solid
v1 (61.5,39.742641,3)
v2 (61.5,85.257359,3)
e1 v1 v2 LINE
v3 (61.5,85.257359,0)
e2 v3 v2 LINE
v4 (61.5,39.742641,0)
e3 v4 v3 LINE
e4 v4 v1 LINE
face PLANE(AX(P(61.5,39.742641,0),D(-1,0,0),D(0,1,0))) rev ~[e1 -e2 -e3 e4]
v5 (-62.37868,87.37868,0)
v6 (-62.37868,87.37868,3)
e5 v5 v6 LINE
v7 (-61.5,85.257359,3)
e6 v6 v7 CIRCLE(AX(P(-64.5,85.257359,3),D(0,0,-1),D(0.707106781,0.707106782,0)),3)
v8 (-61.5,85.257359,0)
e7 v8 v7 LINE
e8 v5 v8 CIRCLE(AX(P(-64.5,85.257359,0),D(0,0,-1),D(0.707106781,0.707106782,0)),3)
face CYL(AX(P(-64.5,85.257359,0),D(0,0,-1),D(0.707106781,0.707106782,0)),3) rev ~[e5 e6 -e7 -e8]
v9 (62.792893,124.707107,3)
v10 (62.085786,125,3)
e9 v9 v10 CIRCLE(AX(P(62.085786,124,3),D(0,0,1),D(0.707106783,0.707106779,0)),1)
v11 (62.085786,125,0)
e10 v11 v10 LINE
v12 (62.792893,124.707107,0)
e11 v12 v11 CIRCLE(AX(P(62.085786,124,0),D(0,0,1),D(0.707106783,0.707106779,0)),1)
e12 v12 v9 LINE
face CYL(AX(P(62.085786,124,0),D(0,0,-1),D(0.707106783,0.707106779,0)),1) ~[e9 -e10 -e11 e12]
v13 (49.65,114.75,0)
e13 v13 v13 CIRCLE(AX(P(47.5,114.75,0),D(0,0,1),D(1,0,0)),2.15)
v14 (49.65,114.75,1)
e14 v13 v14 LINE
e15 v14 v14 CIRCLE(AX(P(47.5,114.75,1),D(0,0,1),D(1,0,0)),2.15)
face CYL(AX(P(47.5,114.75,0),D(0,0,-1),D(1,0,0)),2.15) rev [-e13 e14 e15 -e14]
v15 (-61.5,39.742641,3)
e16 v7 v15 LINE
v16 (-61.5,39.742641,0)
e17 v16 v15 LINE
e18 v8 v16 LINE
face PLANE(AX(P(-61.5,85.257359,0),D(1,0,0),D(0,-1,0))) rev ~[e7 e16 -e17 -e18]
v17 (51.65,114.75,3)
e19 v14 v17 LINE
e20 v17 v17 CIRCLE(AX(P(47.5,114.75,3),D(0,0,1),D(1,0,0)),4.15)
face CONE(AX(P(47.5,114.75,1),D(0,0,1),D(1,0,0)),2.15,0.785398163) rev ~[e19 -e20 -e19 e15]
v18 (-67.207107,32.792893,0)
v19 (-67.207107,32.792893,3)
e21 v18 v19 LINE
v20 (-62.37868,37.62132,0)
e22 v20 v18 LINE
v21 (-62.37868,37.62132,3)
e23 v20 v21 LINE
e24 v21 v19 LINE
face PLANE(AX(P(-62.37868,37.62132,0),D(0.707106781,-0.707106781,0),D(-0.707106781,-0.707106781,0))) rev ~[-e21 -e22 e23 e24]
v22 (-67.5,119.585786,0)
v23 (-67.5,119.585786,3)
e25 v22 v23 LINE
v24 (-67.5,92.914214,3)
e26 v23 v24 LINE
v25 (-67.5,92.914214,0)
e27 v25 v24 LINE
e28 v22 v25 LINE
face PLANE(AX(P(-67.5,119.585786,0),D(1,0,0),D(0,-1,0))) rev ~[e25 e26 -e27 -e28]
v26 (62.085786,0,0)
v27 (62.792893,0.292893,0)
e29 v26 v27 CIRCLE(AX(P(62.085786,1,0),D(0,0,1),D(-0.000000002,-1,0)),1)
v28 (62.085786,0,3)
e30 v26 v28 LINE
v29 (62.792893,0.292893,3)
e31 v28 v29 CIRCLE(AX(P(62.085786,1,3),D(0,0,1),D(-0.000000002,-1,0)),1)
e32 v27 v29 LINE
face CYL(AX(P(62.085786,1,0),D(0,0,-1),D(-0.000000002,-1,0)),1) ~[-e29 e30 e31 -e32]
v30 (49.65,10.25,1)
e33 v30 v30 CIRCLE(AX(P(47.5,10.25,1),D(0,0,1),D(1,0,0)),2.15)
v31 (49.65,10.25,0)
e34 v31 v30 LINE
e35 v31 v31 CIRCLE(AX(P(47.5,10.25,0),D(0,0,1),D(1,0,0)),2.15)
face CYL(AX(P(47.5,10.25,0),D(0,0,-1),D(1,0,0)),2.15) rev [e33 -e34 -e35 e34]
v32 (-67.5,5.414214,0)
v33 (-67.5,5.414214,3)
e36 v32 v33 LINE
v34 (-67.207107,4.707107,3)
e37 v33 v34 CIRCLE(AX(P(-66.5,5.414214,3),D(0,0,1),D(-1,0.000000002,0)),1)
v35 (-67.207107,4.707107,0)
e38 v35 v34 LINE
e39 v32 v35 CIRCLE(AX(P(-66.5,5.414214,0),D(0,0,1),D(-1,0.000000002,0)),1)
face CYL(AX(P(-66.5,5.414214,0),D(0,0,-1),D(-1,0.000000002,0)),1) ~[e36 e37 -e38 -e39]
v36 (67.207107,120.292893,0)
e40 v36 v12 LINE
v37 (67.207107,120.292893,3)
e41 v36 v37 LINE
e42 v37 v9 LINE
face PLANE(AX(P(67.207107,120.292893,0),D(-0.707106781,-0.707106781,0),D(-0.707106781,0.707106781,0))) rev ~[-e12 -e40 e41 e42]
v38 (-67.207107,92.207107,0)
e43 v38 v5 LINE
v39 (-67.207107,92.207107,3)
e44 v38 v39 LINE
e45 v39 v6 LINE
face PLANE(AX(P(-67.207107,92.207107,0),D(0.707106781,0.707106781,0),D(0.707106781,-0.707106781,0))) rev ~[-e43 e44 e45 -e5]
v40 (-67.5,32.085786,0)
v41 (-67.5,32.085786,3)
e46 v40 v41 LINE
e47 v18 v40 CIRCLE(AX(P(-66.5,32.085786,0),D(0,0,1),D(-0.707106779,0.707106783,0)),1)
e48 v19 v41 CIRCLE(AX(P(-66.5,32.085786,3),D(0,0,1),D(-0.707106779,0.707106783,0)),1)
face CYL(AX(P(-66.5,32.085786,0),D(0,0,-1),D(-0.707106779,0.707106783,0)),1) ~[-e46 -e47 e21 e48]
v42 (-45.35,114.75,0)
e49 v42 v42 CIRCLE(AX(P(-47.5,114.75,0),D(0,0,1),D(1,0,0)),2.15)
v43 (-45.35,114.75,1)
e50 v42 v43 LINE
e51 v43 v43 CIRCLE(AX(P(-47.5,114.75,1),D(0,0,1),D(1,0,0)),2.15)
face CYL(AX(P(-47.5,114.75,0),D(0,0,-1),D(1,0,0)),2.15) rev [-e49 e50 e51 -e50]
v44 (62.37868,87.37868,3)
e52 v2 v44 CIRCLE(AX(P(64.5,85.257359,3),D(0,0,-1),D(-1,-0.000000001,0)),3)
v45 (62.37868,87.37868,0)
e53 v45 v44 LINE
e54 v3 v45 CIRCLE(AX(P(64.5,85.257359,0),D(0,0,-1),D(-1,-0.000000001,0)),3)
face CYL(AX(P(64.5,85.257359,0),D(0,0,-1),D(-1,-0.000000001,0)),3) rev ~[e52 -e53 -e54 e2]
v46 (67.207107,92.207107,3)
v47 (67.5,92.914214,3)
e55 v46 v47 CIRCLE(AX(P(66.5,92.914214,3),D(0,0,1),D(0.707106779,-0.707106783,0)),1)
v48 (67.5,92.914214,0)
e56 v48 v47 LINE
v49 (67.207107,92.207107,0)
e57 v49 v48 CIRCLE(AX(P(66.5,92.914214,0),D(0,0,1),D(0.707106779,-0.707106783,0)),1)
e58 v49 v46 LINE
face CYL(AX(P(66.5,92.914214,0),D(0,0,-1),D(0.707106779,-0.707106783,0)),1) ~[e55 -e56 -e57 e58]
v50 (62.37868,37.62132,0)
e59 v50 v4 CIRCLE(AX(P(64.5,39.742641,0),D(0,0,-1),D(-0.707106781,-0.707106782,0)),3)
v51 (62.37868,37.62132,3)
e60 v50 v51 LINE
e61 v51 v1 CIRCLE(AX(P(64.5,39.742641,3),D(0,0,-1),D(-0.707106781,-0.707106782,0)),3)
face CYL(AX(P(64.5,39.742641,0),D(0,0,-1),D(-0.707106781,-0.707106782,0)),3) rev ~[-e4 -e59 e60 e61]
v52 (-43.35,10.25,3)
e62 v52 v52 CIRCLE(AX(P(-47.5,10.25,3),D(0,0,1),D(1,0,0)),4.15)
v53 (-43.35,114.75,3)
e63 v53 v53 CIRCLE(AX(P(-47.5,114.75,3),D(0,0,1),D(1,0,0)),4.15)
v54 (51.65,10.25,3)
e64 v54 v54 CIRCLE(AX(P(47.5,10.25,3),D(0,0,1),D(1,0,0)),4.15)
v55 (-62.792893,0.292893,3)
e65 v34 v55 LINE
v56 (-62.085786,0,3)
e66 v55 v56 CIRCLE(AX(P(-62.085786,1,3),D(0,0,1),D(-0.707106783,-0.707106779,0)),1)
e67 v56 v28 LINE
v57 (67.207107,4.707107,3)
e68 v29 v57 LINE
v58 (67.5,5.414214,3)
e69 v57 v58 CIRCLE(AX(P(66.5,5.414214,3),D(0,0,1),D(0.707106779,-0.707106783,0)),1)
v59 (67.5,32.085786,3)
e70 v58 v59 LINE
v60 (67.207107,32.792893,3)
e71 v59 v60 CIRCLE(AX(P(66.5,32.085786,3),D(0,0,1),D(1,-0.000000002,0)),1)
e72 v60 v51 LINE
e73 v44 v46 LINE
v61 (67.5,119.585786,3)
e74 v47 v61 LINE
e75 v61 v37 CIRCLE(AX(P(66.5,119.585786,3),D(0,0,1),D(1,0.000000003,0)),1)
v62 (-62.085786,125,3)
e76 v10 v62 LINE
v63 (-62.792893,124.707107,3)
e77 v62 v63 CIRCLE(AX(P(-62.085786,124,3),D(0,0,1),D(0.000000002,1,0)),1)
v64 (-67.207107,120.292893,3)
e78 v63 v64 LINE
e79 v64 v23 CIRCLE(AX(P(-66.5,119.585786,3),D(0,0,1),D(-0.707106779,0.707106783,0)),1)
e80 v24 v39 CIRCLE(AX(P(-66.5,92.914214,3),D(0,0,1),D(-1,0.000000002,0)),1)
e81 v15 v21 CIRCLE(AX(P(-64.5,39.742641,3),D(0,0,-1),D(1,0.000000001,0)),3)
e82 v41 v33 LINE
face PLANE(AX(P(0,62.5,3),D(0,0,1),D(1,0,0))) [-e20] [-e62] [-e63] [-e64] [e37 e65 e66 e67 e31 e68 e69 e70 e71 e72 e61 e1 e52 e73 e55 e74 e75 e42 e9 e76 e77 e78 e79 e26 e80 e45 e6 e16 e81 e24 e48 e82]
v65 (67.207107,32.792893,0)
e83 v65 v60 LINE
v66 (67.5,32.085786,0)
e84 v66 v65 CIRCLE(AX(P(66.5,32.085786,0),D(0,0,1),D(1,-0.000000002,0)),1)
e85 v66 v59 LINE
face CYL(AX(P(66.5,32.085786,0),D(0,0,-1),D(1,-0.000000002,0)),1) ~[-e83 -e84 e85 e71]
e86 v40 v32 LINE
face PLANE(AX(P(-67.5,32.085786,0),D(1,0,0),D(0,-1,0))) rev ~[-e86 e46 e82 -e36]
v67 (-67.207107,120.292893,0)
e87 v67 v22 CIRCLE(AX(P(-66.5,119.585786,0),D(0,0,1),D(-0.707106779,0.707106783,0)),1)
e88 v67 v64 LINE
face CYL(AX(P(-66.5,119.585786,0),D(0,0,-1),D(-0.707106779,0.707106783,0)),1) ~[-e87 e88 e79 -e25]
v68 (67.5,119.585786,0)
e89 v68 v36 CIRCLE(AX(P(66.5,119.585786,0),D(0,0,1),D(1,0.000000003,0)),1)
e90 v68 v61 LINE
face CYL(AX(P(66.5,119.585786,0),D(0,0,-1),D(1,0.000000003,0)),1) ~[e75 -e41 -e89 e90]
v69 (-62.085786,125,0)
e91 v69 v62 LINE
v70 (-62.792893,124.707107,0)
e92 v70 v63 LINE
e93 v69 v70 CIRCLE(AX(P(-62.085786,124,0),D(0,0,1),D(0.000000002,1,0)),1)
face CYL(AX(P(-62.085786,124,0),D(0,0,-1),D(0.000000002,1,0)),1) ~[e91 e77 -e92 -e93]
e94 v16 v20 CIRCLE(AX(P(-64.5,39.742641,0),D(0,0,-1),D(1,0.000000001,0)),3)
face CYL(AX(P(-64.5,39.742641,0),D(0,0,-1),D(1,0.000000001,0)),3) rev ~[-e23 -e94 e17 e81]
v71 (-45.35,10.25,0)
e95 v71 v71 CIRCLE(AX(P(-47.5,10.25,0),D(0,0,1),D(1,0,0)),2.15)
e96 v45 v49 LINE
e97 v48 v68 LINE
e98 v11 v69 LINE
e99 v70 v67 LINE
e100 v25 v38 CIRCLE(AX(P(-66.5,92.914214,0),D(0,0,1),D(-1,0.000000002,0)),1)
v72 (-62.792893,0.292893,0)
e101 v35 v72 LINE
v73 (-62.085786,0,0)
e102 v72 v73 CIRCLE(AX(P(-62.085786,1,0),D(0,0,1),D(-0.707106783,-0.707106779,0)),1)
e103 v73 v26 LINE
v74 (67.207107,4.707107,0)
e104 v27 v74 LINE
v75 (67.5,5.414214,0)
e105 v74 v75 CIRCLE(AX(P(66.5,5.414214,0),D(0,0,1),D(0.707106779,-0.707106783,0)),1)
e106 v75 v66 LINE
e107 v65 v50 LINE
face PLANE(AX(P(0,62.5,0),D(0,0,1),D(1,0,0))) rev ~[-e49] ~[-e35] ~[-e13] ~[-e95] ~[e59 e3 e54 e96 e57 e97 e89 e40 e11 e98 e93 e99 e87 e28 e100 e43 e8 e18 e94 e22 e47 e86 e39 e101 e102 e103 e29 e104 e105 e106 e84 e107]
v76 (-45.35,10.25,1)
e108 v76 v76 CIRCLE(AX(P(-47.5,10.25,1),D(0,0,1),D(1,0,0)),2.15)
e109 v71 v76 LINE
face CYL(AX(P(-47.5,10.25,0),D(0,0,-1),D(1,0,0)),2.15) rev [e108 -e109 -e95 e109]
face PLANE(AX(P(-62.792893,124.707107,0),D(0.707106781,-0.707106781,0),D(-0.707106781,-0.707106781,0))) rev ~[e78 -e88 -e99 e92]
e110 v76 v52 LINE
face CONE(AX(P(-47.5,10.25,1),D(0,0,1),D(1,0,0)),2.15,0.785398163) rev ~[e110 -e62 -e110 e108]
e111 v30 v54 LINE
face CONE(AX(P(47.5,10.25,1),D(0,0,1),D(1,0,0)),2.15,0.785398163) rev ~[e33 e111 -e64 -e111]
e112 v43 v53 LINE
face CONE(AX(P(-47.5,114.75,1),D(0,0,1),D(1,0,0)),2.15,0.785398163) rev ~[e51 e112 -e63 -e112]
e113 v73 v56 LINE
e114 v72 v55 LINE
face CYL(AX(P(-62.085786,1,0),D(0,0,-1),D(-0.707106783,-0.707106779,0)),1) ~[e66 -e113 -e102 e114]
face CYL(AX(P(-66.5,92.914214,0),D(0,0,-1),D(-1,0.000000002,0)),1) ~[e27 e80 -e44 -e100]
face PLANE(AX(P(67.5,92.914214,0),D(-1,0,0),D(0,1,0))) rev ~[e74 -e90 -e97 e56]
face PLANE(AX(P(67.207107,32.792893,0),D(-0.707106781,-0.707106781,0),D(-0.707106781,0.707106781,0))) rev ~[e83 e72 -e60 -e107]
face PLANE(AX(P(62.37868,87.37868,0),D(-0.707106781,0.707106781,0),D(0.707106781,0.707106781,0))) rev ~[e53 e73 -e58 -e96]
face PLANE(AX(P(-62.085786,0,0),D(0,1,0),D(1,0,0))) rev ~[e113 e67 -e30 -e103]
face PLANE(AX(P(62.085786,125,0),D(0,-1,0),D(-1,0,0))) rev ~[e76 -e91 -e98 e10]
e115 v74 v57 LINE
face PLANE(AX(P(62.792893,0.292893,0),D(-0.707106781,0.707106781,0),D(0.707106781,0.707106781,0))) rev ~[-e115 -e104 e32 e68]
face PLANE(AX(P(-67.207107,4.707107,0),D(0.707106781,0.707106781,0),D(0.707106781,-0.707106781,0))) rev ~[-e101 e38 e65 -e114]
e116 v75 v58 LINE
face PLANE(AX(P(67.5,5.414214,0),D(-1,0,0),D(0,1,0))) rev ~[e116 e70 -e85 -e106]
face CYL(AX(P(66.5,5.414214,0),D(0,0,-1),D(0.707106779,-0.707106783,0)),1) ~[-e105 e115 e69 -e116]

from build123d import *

# Parameters (mm, degrees)
SKETCH_1_R      = 2.15
EXTRUDE_1_DEPTH = 3
CHAMFER_1_SIZE  = 2


with BuildPart() as part:
    # 草图1 → 凸台-拉伸1 (new body)
    with BuildSketch(Plane.XY):
        with BuildLine():
            Line((-61.5, 85.257359313), (-61.5, 39.742640687))
            ThreePointArc((-61.5, 39.742640687), (-61.728361402, 38.59459039), (-62.378679656, 37.621320344))
            Line((-62.378679656, 37.621320344), (-67.207106781, 32.792893219))
            ThreePointArc((-67.207106781, 32.792893219), (-67.423879533, 32.46846987), (-67.5, 32.085786438))
            Line((-67.5, 32.085786438), (-67.5, 5.414213562))
            ThreePointArc((-67.5, 5.414213562), (-67.423879533, 5.03153013), (-67.207106781, 4.707106781))
            Line((-67.207106781, 4.707106781), (-62.792893219, 0.292893219))
            ThreePointArc((-62.792893219, 0.292893219), (-62.46846987, 0.076120467), (-62.085786438, 0))
            Line((-62.085786438, 0), (62.085786438, 0))
            ThreePointArc((62.085786438, 0), (62.46846987, 0.076120467), (62.792893219, 0.292893219))
            Line((62.792893219, 0.292893219), (67.207106781, 4.707106781))
            ThreePointArc((67.207106781, 4.707106781), (67.423879533, 5.03153013), (67.5, 5.414213562))
            Line((67.5, 5.414213562), (67.5, 32.085786438))
            ThreePointArc((67.5, 32.085786438), (67.423879533, 32.46846987), (67.207106781, 32.792893219))
            Line((67.207106781, 32.792893219), (62.378679656, 37.621320344))
            ThreePointArc((62.378679656, 37.621320344), (61.728361402, 38.59459039), (61.5, 39.742640687))
            Line((61.5, 39.742640687), (61.5, 85.257359313))
            ThreePointArc((61.5, 85.257359313), (61.728361402, 86.40540961), (62.378679656, 87.378679656))
            Line((62.378679656, 87.378679656), (67.207106781, 92.207106781))
            ThreePointArc((67.207106781, 92.207106781), (67.423879533, 92.53153013), (67.5, 92.914213562))
            Line((67.5, 92.914213562), (67.5, 119.585786438))
            ThreePointArc((67.5, 119.585786438), (67.423879532, 119.96846987), (67.207106781, 120.292893219))
            Line((67.207106781, 120.292893219), (62.792893219, 124.707106781))
            ThreePointArc((62.792893219, 124.707106781), (62.46846987, 124.923879533), (62.085786438, 125))
            Line((62.085786438, 125), (-62.085786438, 125))
            ThreePointArc((-62.085786438, 125), (-62.46846987, 124.923879533), (-62.792893219, 124.707106781))
            Line((-62.792893219, 124.707106781), (-67.207106781, 120.292893219))
            ThreePointArc((-67.207106781, 120.292893219), (-67.423879533, 119.96846987), (-67.5, 119.585786438))
            Line((-67.5, 119.585786438), (-67.5, 92.914213562))
            ThreePointArc((-67.5, 92.914213562), (-67.423879533, 92.53153013), (-67.207106781, 92.207106781))
            Line((-67.207106781, 92.207106781), (-62.378679656, 87.378679656))
            ThreePointArc((-62.378679656, 87.378679656), (-61.728361402, 86.40540961), (-61.5, 85.257359313))
        make_face()
        with Locations((47.5, 10.25)):
            Circle(SKETCH_1_R, mode=Mode.SUBTRACT)
        with Locations((-47.5, 10.25)):
            Circle(SKETCH_1_R, mode=Mode.SUBTRACT)
        with Locations((-47.5, 114.75)):
            Circle(SKETCH_1_R, mode=Mode.SUBTRACT)
        with Locations((47.5, 114.75)):
            Circle(SKETCH_1_R, mode=Mode.SUBTRACT)
    extrude(amount=EXTRUDE_1_DEPTH)

    # 倒角1
    chamfer_1_edges = [part.edges().sort_by_distance(p)[0] for p in [
        (45.35, 10.25, 3),
        (-49.65, 10.25, 3),
        (-49.65, 114.75, 3),
        (45.35, 114.75, 3),
    ]]
    chamfer(chamfer_1_edges, length=CHAMFER_1_SIZE)


solid = part.part
